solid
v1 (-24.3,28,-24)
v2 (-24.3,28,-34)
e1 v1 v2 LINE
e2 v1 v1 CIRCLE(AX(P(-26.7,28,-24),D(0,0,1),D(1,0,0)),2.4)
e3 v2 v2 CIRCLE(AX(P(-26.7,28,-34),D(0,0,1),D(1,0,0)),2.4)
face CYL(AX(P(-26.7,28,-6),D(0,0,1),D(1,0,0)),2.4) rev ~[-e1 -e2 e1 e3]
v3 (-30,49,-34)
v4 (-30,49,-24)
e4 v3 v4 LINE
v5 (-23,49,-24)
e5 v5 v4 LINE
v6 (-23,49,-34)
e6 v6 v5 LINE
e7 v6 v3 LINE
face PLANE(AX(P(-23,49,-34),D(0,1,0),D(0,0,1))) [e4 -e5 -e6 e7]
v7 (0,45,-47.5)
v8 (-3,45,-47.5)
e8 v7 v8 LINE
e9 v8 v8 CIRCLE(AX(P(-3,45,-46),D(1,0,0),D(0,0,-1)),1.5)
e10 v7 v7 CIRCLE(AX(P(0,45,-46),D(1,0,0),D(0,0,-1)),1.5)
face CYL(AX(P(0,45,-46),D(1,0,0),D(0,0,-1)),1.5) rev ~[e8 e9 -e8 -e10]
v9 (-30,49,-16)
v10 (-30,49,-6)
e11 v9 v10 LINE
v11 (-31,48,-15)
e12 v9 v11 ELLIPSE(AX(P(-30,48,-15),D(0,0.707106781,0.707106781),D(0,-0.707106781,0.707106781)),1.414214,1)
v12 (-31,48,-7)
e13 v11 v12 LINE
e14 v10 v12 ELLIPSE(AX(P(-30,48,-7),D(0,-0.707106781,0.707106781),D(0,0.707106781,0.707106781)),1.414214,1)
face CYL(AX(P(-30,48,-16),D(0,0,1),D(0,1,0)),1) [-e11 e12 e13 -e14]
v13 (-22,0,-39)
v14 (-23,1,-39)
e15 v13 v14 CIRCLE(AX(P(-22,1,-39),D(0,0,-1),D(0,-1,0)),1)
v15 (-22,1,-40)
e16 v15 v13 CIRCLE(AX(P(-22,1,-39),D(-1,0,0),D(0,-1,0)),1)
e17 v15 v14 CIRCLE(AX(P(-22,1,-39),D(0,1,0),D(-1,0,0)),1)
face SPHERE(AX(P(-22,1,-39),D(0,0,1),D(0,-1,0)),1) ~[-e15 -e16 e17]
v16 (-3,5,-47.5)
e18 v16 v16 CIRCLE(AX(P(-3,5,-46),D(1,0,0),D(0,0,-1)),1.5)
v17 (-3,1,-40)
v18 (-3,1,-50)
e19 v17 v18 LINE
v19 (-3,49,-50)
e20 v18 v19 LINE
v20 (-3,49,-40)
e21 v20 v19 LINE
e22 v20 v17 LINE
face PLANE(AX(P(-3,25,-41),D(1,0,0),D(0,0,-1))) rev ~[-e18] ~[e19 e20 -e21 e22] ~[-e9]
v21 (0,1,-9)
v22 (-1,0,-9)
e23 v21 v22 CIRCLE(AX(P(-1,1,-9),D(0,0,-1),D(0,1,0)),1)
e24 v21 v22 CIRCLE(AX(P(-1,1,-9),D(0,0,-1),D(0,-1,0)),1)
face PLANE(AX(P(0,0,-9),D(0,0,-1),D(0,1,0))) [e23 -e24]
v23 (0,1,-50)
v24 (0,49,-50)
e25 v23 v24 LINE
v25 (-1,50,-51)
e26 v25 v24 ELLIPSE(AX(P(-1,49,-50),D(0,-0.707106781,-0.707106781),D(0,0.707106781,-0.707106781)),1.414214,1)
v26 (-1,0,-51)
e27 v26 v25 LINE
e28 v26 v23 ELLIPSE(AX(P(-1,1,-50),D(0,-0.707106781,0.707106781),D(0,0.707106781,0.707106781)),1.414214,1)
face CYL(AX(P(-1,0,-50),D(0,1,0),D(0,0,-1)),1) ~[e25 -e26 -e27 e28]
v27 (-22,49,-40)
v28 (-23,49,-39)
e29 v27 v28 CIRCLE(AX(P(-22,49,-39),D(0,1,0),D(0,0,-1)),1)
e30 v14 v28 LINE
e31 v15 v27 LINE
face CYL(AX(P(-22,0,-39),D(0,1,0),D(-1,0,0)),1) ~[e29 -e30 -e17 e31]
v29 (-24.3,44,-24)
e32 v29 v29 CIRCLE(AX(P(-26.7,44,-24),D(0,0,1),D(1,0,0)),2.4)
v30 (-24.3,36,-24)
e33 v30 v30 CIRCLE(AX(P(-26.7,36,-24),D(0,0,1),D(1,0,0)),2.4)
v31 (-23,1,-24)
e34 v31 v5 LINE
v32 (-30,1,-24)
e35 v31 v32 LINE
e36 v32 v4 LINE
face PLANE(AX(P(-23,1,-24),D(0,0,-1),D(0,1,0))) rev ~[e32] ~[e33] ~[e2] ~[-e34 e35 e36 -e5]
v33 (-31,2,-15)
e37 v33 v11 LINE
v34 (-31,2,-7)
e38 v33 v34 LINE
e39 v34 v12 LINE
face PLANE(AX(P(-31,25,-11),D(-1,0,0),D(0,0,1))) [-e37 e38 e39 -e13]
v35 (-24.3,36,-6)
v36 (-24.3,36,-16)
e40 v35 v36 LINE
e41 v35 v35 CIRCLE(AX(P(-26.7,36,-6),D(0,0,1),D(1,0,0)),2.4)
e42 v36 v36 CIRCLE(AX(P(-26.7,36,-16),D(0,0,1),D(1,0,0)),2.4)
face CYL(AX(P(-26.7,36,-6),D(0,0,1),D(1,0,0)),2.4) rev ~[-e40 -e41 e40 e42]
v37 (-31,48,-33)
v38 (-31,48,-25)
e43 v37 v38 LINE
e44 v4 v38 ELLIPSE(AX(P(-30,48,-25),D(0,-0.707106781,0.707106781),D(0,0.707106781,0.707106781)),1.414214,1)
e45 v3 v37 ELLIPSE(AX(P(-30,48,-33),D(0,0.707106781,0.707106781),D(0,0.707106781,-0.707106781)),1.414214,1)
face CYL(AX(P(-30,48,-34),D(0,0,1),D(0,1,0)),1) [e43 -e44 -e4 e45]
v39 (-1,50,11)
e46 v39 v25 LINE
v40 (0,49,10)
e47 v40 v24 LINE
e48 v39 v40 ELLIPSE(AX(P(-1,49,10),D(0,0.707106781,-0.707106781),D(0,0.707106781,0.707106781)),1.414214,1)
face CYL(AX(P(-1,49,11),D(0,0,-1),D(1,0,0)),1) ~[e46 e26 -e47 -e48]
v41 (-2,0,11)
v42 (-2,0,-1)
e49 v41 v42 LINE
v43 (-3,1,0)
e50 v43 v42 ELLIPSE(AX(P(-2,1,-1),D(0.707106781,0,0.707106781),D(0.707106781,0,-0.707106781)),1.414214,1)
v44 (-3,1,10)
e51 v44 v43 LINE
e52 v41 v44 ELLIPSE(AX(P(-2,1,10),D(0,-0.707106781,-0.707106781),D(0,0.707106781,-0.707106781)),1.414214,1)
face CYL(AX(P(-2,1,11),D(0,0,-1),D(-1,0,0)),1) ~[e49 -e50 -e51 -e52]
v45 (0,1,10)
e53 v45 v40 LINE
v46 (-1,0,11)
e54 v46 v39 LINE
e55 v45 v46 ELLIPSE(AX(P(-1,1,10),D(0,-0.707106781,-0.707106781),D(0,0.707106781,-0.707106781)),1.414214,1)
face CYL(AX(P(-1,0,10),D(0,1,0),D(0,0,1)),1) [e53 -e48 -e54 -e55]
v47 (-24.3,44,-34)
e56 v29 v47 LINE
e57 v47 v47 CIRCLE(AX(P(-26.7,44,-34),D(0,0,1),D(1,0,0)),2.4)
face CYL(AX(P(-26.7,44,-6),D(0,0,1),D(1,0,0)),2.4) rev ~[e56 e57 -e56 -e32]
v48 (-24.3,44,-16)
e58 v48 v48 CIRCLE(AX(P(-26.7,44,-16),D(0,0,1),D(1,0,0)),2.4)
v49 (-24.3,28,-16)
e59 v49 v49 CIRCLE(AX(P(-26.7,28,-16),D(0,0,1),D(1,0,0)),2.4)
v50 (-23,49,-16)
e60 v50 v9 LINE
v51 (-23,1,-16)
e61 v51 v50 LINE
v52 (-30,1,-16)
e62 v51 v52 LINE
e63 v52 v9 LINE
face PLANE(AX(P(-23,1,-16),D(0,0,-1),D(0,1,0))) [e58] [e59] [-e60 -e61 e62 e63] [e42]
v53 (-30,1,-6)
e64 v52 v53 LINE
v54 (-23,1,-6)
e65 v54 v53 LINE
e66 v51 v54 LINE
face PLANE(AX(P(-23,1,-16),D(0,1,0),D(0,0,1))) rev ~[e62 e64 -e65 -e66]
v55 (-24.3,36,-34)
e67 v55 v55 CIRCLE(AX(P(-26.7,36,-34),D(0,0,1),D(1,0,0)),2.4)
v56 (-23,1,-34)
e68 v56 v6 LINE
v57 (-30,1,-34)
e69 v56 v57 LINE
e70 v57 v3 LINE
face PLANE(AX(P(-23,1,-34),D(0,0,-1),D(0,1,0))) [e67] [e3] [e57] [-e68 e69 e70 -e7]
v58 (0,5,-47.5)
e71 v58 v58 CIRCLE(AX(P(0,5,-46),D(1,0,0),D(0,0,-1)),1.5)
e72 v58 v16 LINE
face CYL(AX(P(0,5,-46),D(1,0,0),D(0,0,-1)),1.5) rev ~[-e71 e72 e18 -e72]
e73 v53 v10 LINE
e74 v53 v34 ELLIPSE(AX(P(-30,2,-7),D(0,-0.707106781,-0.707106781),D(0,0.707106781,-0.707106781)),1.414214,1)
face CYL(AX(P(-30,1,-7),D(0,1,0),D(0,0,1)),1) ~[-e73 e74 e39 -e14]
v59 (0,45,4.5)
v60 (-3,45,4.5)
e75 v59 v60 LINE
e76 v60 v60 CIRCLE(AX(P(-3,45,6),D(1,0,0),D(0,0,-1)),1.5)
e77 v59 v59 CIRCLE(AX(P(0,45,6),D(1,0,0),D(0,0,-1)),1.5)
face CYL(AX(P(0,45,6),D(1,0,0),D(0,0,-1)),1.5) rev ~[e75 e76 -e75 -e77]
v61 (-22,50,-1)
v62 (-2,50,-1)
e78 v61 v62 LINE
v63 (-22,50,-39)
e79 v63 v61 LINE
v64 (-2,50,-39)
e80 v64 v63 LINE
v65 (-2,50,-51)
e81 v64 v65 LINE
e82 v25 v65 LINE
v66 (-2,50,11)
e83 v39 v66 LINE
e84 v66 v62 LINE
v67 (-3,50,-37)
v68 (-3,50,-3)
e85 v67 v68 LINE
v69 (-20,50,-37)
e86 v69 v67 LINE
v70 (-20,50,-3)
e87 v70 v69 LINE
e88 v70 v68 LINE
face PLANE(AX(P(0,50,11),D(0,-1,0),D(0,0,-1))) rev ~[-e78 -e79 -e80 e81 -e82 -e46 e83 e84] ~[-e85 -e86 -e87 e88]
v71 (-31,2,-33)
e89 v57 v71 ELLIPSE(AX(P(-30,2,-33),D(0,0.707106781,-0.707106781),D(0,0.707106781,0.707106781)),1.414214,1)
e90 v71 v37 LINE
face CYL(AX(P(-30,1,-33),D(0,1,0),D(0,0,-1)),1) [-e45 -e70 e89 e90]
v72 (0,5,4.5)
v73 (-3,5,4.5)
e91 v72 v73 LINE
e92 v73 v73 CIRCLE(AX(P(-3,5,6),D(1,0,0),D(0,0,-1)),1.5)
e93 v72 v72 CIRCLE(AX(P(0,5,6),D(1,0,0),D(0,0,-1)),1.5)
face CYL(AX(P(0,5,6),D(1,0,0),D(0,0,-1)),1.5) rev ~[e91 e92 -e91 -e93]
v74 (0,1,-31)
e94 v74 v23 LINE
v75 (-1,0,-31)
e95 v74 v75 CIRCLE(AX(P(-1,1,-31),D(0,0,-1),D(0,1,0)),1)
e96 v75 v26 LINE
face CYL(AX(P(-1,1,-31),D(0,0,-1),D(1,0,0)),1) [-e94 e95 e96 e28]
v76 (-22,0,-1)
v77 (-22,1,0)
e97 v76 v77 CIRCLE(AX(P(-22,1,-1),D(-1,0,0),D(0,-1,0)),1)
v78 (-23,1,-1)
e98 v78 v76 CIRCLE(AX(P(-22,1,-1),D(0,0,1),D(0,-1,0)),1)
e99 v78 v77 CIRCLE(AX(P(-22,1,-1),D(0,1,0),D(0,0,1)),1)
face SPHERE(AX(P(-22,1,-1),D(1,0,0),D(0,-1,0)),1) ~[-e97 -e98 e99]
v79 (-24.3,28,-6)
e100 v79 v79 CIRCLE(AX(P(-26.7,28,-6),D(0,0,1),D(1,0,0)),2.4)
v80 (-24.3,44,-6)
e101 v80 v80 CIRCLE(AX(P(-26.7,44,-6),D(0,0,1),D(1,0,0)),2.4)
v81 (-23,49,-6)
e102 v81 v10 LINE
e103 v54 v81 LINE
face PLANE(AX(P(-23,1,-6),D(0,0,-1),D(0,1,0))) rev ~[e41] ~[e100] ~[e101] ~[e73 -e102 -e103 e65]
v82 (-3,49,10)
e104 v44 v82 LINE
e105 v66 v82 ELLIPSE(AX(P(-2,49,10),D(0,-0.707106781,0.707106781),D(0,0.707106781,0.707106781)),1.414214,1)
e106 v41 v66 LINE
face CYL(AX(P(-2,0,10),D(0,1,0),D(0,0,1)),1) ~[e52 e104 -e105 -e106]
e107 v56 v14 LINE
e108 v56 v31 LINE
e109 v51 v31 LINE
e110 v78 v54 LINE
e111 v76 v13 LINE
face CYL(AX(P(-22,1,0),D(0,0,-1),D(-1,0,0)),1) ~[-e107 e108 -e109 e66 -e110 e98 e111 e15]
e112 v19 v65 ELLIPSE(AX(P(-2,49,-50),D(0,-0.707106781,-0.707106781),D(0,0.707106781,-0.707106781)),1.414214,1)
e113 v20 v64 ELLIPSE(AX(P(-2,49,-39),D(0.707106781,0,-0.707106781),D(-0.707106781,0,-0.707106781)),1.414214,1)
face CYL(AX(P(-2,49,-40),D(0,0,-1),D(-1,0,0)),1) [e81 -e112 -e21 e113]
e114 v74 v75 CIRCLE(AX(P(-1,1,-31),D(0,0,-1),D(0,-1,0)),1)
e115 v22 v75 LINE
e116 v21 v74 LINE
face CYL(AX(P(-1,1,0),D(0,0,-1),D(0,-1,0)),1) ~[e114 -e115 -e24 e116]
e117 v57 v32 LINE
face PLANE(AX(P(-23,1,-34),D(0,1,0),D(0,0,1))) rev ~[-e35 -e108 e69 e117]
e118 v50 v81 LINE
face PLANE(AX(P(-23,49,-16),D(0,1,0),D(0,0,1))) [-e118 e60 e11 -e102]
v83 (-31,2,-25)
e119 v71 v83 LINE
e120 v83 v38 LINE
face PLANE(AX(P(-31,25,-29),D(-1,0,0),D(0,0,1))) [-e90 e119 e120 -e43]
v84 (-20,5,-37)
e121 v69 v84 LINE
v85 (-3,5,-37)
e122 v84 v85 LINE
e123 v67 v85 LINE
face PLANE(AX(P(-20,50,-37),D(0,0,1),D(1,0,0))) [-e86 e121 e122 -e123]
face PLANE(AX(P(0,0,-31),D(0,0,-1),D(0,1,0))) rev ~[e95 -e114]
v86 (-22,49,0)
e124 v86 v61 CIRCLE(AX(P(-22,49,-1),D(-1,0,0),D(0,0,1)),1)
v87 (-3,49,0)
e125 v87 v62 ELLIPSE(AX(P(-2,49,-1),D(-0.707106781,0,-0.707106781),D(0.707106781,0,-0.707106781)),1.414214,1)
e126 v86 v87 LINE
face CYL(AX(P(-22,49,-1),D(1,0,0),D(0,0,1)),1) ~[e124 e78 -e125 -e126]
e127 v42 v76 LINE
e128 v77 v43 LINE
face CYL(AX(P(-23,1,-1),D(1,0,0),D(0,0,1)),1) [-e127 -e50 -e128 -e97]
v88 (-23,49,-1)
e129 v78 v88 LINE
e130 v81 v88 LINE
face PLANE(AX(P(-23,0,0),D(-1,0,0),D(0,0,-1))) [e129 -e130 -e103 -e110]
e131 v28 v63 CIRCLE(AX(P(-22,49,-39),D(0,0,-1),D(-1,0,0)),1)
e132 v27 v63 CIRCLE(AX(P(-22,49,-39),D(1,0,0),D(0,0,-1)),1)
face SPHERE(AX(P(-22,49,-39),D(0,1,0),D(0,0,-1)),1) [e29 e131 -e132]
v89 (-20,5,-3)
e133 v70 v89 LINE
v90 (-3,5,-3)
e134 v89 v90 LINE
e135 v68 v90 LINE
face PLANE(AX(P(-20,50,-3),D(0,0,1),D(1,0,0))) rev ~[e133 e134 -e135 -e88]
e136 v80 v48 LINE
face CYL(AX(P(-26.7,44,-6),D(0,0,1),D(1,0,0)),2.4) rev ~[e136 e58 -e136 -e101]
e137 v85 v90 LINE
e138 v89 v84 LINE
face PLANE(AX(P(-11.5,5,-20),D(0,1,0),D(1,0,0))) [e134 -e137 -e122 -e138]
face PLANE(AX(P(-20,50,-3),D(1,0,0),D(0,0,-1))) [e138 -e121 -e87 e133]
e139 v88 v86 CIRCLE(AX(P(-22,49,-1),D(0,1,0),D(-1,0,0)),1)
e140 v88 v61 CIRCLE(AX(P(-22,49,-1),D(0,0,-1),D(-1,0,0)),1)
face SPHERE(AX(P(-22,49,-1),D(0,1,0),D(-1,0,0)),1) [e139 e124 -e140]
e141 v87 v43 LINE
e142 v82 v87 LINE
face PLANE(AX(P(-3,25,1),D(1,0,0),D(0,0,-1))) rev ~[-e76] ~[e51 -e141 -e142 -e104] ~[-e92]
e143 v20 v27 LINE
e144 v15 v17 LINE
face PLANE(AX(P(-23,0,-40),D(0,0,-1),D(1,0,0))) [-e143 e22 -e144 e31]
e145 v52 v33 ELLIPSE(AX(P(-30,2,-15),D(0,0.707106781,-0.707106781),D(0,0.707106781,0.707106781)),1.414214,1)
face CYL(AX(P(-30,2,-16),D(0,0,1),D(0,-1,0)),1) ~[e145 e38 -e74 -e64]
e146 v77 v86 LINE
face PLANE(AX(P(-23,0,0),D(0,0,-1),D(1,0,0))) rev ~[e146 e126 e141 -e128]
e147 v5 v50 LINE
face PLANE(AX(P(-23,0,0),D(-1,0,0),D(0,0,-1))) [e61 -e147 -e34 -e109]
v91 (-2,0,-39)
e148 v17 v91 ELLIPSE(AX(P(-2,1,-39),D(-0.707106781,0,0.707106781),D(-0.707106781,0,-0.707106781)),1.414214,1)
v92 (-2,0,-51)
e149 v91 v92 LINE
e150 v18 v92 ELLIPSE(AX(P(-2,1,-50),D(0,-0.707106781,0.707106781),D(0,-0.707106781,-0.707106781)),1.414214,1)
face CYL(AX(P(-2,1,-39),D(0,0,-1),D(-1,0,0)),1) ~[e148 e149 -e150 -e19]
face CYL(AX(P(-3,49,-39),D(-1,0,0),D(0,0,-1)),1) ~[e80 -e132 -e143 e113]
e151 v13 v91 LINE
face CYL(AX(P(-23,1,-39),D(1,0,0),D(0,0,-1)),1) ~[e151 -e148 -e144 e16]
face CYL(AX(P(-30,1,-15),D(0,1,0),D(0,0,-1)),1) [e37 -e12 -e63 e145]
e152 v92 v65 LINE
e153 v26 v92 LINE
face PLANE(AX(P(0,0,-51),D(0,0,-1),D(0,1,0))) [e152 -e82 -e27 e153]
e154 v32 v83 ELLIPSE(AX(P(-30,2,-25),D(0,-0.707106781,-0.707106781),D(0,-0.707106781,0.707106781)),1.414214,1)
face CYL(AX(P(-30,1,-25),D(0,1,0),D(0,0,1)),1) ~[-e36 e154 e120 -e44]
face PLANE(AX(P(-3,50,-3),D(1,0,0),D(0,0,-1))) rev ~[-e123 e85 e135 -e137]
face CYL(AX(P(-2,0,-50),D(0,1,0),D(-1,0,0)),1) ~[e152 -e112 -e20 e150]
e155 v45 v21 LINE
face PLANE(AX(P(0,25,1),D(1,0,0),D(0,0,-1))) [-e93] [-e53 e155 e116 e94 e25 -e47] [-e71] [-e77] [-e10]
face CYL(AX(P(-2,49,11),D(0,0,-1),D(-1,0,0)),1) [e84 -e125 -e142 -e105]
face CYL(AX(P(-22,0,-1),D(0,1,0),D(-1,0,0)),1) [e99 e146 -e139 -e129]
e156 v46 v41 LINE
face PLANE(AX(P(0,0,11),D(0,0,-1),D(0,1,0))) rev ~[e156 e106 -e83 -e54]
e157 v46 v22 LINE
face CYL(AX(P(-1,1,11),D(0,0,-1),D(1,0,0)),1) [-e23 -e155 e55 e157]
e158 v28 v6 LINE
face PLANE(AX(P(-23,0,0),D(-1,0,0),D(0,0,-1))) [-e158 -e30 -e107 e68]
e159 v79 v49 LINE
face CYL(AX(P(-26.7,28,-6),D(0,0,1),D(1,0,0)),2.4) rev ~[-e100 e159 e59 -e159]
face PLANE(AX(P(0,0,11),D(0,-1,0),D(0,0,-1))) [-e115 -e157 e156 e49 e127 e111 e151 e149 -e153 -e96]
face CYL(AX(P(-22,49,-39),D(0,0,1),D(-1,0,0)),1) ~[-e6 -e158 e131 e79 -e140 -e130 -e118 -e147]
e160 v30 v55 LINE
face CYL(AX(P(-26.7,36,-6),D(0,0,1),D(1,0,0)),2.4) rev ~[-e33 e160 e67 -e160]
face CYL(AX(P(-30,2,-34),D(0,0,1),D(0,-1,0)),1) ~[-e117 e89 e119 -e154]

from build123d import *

# Parameters (mm, degrees)
CROQUIS2_W              = 23
CROQUIS2_H              = 40
SALIENTE_EXTRUIR1_DEPTH = 50
CROQUIS3_W              = 17
CROQUIS3_H              = 34
CORTAR_EXTRUIR1_DEPTH   = 45
REDONDEO1_R             = 1
CROQUIS5_W              = 20
CROQUIS5_H              = 50
CROQUIS5_R              = 1.5
SALIENTE_EXTRUIR3_DEPTH = 3
REDONDEO2_R             = 1
CROQUIS8_W              = 10
CROQUIS8_H              = 48
SALIENTE_EXTRUIR4_DEPTH = 8
CROQUIS9_R              = 2.4
CORTAR_EXTRUIR2_DEPTH   = 75.067536749
REDONDEO3_R             = 1


with BuildPart() as part:
    # Croquis2 → Saliente-Extruir1 (new body)
    with BuildSketch(Plane(origin=(0, 0, 0), x_dir=(1, 0, 0), z_dir=(0, 1, 0))):
        with Locations((-11.5, 20)):
            Rectangle(CROQUIS2_W, CROQUIS2_H)
    extrude(amount=SALIENTE_EXTRUIR1_DEPTH)

    # Croquis3 → Cortar-Extruir1 (cut)
    with BuildSketch(Plane(origin=(0, 50, 0), x_dir=(1, 0, 0), z_dir=(0, 1, 0))):
        with Locations((-11.5, 20)):
            Rectangle(CROQUIS3_W, CROQUIS3_H)
    extrude(amount=-CORTAR_EXTRUIR1_DEPTH, mode=Mode.SUBTRACT)

    # Redondeo1
    redondeo1_edges = [part.edges().sort_by_distance(p)[0] for p in [
        (-11.5, 0, 0),
        (-23, 0, -20),
        (-11.5, 0, -40),
        (0, 0, -20),
        (0, 25, 0),
        (-23, 25, 0),
        (-23, 25, -40),
        (0, 25, -40),
    ]]
    fillet(redondeo1_edges, radius=REDONDEO1_R)

    # Croquis5 → Saliente-Extruir3 (add)
    # profile 1 of 2: a face of its own
    with BuildSketch(Plane(origin=(0, 0, 0), x_dir=(0, 0, -1), z_dir=(1, 0, 0))):
        with Locations((-1, 25)):
            Rectangle(CROQUIS5_W, CROQUIS5_H)
        with Locations((-6, 45)):
            Circle(CROQUIS5_R, mode=Mode.SUBTRACT)
        with Locations((-6, 5)):
            Circle(CROQUIS5_R, mode=Mode.SUBTRACT)
    # profile 2 of 2: a face of its own
    with BuildSketch(Plane(origin=(0, 0, 0), x_dir=(0, 0, -1), z_dir=(1, 0, 0))):
        with Locations((41, 25)):
            Rectangle(CROQUIS5_W, CROQUIS5_H)
        with Locations((46, 5)):
            Circle(CROQUIS5_R, mode=Mode.SUBTRACT)
        with Locations((46, 45)):
            Circle(CROQUIS5_R, mode=Mode.SUBTRACT)
    extrude(amount=-SALIENTE_EXTRUIR3_DEPTH)

    # Redondeo2
    redondeo2_edges = [part.edges().sort_by_distance(p)[0] for p in [
        (-12.5, 50, 0),
        (-22.707106781, 50, -0.292893219),
        (-23, 50, -20),
        (-22.707106781, 50, -39.707106781),
        (-12.5, 50, -40),
        (-3, 0, -45),
        (-3, 25, -51),
        (-3, 50, -45.5),
        (0, 25, -51),
        (0, 0, -41),
        (0, 0, 1),
        (0, 25, 11),
        (-3, 25, 11),
        (0, 50, -20),
        (-3, 50, 5.5),
        (-3, 0, 5),
    ]]
    fillet(redondeo2_edges, radius=REDONDEO2_R)

    # Croquis8 → Saliente-Extruir4 (add)
    with BuildSketch(Plane.ZY.offset(23)):
        with Locations((-29, 25)):
            Rectangle(CROQUIS8_W, CROQUIS8_H)
        with Locations((-11, 25)):
            Rectangle(CROQUIS8_W, CROQUIS8_H)
    extrude(amount=SALIENTE_EXTRUIR4_DEPTH)

    # Croquis9 → Cortar-Extruir2 (cut, through all)
    with BuildSketch(Plane.XY.offset(-6)):
        with Locations((-26.7, 28)):
            Circle(CROQUIS9_R)
        with Locations((-26.7, 36)):
            Circle(CROQUIS9_R)
        with Locations((-26.7, 44)):
            Circle(CROQUIS9_R)
    extrude(amount=-CORTAR_EXTRUIR2_DEPTH, mode=Mode.SUBTRACT)

    # Redondeo3
    redondeo3_edges = [part.edges().sort_by_distance(p)[0] for p in [
        (-31, 25, -34),
        (-31, 1, -29),
        (-31, 25, -24),
        (-31, 49, -29),
        (-31, 25, -6),
        (-31, 49, -11),
        (-31, 25, -16),
        (-31, 1, -11),
    ]]
    fillet(redondeo3_edges, radius=REDONDEO3_R)


solid = part.part
